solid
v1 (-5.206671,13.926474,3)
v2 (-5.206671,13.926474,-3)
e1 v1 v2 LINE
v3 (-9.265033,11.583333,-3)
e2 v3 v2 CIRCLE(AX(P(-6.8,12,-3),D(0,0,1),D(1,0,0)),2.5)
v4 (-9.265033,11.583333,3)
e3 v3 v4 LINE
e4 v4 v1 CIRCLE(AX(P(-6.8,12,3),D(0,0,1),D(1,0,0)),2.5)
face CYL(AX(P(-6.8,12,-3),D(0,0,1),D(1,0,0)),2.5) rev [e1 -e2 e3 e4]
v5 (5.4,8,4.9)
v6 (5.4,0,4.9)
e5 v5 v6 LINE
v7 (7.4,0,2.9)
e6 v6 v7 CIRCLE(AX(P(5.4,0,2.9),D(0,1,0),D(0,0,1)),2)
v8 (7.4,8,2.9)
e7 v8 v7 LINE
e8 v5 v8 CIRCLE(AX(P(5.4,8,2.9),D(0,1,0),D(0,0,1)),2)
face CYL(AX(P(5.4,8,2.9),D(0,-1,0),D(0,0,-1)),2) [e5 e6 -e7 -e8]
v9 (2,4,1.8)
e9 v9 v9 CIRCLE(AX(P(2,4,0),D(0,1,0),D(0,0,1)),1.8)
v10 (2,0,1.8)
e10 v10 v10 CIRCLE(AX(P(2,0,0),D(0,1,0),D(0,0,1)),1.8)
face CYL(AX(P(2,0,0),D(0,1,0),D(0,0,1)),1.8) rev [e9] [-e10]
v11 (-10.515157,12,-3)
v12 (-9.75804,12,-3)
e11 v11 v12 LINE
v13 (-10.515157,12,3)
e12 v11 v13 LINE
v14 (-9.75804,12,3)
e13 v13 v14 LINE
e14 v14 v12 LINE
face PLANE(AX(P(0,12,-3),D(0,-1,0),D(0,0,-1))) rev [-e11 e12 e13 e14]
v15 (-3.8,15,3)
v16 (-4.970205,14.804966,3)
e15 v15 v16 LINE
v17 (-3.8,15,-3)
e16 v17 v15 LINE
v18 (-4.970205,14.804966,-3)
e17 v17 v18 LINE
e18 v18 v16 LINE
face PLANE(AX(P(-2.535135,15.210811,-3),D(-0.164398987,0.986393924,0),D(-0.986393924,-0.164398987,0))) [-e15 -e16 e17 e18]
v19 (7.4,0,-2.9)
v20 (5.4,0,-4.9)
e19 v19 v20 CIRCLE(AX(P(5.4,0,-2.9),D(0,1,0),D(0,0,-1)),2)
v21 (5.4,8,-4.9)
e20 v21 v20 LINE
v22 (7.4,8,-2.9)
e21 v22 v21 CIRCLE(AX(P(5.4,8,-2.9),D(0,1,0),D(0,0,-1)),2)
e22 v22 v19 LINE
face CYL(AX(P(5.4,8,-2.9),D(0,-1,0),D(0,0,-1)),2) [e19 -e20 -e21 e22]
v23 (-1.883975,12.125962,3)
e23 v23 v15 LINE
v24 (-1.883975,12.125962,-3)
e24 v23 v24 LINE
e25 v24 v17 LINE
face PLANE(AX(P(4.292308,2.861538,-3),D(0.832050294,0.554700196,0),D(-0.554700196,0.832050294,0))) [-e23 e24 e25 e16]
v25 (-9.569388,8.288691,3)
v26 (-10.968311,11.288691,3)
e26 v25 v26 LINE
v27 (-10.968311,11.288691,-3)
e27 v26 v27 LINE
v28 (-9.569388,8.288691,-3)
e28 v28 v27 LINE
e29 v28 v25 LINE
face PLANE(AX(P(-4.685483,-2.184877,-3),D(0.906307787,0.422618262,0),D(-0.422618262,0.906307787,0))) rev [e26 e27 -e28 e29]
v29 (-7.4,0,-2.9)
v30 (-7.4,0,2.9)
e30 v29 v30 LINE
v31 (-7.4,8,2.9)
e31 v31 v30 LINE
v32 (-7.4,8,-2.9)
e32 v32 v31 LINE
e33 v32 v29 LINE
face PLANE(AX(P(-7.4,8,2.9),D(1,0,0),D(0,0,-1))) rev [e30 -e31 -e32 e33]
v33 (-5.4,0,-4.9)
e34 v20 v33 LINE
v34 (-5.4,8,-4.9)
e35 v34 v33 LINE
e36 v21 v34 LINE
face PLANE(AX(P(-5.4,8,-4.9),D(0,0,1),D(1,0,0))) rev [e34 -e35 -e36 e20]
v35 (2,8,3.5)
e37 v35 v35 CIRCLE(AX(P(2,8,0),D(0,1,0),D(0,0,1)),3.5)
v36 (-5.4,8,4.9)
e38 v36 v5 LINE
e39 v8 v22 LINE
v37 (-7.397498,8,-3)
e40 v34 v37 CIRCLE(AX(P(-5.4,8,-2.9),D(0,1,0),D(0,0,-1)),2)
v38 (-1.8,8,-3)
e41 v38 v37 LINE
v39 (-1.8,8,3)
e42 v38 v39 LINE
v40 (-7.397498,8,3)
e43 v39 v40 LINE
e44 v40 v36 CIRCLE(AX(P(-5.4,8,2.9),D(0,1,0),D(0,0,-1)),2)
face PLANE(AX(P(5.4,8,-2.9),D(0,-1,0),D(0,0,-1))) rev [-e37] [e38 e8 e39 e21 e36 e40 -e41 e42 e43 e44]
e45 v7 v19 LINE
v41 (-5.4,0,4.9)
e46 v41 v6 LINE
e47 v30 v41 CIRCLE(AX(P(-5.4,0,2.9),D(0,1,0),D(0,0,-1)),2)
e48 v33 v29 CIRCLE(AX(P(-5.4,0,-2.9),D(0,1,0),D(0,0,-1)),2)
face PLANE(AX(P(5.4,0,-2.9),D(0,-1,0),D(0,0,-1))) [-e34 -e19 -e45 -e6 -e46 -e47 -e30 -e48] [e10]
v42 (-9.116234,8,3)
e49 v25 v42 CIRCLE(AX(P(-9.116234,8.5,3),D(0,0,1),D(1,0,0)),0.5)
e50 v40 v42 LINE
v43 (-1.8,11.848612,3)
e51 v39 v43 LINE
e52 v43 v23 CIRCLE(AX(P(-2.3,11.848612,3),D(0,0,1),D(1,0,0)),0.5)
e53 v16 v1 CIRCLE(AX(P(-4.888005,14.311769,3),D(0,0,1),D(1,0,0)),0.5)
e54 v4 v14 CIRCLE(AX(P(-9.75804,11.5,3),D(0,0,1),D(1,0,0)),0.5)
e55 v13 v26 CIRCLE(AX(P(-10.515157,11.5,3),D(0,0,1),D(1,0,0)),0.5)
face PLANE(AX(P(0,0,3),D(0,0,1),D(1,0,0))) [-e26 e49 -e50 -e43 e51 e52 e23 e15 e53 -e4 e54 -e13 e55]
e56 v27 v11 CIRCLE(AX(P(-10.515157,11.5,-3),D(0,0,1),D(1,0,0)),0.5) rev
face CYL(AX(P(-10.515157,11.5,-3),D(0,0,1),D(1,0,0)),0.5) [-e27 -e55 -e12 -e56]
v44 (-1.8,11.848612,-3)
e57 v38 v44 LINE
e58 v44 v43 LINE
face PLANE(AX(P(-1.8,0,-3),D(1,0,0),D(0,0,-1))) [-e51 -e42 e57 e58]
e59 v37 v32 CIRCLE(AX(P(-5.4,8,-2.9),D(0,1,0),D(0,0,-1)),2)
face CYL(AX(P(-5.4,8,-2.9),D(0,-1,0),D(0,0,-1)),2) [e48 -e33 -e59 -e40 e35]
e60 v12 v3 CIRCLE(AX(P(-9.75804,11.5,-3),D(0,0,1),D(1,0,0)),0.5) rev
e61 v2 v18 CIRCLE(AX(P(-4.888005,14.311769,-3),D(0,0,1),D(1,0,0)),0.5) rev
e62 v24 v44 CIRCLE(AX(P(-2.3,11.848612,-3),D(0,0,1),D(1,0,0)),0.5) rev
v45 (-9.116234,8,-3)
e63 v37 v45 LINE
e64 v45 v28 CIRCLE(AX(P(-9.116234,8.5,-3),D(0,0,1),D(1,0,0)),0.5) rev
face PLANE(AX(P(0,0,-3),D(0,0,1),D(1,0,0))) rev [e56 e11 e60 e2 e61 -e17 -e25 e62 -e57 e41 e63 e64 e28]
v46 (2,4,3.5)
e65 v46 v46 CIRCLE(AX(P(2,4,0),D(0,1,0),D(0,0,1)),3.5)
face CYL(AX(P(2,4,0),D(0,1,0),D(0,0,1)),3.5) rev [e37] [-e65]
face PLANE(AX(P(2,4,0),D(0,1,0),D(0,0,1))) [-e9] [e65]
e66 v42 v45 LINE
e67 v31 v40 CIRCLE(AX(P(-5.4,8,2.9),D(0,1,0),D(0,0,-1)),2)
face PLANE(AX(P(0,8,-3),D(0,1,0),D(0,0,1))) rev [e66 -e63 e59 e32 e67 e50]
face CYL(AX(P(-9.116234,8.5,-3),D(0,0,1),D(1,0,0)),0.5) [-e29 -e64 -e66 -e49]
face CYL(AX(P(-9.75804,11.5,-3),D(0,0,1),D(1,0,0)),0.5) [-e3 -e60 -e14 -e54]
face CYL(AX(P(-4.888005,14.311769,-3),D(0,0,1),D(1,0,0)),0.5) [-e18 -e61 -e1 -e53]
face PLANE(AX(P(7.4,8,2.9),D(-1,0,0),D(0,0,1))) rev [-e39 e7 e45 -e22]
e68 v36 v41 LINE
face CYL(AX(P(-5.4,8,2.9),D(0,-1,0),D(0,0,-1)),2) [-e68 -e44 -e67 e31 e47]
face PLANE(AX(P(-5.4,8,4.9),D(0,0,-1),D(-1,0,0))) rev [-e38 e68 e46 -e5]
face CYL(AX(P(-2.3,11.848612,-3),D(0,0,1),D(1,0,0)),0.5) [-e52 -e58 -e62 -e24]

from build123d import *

# Parameters (mm, degrees)
BOSS_EXTRUDE1_DEPTH      = 8
SKETCH2_R                = 3.5
CUT_EXTRUDE1_DEPTH       = 4
SKETCH3_R                = 1.8
CUT_EXTRUDE2_DEPTH       = 4
BOSS_EXTRUDE2_DEPTH      = 3
BOSS_EXTRUDE2_DEPTH_BACK = 3
FILLET1_R                = 0.5


with BuildPart() as part:
    # Sketch1 → Boss-Extrude1 (new body)
    with BuildSketch(Plane(origin=(0, 0, 0), x_dir=(1, 0, 0), z_dir=(0, 1, 0))):
        with BuildLine():
            Line((-5.4, -4.9), (5.4, -4.9))
            ThreePointArc((5.4, -4.9), (6.814213562, -4.314213562), (7.4, -2.9))
            Line((7.4, -2.9), (7.4, 2.9))
            ThreePointArc((7.4, 2.9), (6.814213562, 4.314213562), (5.4, 4.9))
            Line((5.4, 4.9), (-5.4, 4.9))
            ThreePointArc((-5.4, 4.9), (-6.814213562, 4.314213562), (-7.4, 2.9))
            Line((-7.4, 2.9), (-7.4, -2.9))
            ThreePointArc((-7.4, -2.9), (-6.814213562, -4.314213562), (-5.4, -4.9))
        make_face()
    extrude(amount=BOSS_EXTRUDE1_DEPTH)

    # Sketch2 → Cut-Extrude1 (cut)
    with BuildSketch(Plane(origin=(0, 8, 0), x_dir=(1, 0, 0), z_dir=(0, 1, 0))):
        with Locations(Location((2, 0, 0), (0, 0, 270))):
            Circle(SKETCH2_R)
    extrude(amount=-CUT_EXTRUDE1_DEPTH, mode=Mode.SUBTRACT)

    # Sketch3 → Cut-Extrude2 (cut)
    with BuildSketch(Plane(origin=(0, 4, 0), x_dir=(1, 0, 0), z_dir=(0, 1, 0))):
        with Locations(Location((2, 0, 0), (0, 0, 270))):
            Circle(SKETCH3_R)
    extrude(amount=-CUT_EXTRUDE2_DEPTH, mode=Mode.SUBTRACT)

    # Sketch4 → Boss-Extrude2 (add, two sides: drawn at the far end of the back side and taken through both)
    with BuildSketch(Plane.XY.offset(-BOSS_EXTRUDE2_DEPTH_BACK)):
        with BuildLine():
            ThreePointArc((-9.3, 12), (-5.032233047, 10.232233047), (-6.8, 14.5))
            Line((-6.8, 14.5), (-3.8, 15))
            Line((-3.8, 15), (-1.8, 12))
            Line((-1.8, 12), (-1.8, 8))
            Line((-1.8, 8), (-7.4, 8))
            Line((-7.4, 8), (-9.434769367, 8))
            Line((-9.434769367, 8), (-11.3, 12))
            Line((-11.3, 12), (-9.3, 12))
        make_face()
    extrude(amount=BOSS_EXTRUDE2_DEPTH + BOSS_EXTRUDE2_DEPTH_BACK)

    # Fillet1
    fillet1_edges = [part.edges().sort_by_distance(p)[0] for p in [
        (-9.3, 12, 0),
        (-6.8, 14.5, 0),
        (-1.8, 12, 0),
        (-9.434769367, 8, 0),
        (-11.3, 12, 0),
    ]]
    fillet(fillet1_edges, radius=FILLET1_R)


solid = part.part
